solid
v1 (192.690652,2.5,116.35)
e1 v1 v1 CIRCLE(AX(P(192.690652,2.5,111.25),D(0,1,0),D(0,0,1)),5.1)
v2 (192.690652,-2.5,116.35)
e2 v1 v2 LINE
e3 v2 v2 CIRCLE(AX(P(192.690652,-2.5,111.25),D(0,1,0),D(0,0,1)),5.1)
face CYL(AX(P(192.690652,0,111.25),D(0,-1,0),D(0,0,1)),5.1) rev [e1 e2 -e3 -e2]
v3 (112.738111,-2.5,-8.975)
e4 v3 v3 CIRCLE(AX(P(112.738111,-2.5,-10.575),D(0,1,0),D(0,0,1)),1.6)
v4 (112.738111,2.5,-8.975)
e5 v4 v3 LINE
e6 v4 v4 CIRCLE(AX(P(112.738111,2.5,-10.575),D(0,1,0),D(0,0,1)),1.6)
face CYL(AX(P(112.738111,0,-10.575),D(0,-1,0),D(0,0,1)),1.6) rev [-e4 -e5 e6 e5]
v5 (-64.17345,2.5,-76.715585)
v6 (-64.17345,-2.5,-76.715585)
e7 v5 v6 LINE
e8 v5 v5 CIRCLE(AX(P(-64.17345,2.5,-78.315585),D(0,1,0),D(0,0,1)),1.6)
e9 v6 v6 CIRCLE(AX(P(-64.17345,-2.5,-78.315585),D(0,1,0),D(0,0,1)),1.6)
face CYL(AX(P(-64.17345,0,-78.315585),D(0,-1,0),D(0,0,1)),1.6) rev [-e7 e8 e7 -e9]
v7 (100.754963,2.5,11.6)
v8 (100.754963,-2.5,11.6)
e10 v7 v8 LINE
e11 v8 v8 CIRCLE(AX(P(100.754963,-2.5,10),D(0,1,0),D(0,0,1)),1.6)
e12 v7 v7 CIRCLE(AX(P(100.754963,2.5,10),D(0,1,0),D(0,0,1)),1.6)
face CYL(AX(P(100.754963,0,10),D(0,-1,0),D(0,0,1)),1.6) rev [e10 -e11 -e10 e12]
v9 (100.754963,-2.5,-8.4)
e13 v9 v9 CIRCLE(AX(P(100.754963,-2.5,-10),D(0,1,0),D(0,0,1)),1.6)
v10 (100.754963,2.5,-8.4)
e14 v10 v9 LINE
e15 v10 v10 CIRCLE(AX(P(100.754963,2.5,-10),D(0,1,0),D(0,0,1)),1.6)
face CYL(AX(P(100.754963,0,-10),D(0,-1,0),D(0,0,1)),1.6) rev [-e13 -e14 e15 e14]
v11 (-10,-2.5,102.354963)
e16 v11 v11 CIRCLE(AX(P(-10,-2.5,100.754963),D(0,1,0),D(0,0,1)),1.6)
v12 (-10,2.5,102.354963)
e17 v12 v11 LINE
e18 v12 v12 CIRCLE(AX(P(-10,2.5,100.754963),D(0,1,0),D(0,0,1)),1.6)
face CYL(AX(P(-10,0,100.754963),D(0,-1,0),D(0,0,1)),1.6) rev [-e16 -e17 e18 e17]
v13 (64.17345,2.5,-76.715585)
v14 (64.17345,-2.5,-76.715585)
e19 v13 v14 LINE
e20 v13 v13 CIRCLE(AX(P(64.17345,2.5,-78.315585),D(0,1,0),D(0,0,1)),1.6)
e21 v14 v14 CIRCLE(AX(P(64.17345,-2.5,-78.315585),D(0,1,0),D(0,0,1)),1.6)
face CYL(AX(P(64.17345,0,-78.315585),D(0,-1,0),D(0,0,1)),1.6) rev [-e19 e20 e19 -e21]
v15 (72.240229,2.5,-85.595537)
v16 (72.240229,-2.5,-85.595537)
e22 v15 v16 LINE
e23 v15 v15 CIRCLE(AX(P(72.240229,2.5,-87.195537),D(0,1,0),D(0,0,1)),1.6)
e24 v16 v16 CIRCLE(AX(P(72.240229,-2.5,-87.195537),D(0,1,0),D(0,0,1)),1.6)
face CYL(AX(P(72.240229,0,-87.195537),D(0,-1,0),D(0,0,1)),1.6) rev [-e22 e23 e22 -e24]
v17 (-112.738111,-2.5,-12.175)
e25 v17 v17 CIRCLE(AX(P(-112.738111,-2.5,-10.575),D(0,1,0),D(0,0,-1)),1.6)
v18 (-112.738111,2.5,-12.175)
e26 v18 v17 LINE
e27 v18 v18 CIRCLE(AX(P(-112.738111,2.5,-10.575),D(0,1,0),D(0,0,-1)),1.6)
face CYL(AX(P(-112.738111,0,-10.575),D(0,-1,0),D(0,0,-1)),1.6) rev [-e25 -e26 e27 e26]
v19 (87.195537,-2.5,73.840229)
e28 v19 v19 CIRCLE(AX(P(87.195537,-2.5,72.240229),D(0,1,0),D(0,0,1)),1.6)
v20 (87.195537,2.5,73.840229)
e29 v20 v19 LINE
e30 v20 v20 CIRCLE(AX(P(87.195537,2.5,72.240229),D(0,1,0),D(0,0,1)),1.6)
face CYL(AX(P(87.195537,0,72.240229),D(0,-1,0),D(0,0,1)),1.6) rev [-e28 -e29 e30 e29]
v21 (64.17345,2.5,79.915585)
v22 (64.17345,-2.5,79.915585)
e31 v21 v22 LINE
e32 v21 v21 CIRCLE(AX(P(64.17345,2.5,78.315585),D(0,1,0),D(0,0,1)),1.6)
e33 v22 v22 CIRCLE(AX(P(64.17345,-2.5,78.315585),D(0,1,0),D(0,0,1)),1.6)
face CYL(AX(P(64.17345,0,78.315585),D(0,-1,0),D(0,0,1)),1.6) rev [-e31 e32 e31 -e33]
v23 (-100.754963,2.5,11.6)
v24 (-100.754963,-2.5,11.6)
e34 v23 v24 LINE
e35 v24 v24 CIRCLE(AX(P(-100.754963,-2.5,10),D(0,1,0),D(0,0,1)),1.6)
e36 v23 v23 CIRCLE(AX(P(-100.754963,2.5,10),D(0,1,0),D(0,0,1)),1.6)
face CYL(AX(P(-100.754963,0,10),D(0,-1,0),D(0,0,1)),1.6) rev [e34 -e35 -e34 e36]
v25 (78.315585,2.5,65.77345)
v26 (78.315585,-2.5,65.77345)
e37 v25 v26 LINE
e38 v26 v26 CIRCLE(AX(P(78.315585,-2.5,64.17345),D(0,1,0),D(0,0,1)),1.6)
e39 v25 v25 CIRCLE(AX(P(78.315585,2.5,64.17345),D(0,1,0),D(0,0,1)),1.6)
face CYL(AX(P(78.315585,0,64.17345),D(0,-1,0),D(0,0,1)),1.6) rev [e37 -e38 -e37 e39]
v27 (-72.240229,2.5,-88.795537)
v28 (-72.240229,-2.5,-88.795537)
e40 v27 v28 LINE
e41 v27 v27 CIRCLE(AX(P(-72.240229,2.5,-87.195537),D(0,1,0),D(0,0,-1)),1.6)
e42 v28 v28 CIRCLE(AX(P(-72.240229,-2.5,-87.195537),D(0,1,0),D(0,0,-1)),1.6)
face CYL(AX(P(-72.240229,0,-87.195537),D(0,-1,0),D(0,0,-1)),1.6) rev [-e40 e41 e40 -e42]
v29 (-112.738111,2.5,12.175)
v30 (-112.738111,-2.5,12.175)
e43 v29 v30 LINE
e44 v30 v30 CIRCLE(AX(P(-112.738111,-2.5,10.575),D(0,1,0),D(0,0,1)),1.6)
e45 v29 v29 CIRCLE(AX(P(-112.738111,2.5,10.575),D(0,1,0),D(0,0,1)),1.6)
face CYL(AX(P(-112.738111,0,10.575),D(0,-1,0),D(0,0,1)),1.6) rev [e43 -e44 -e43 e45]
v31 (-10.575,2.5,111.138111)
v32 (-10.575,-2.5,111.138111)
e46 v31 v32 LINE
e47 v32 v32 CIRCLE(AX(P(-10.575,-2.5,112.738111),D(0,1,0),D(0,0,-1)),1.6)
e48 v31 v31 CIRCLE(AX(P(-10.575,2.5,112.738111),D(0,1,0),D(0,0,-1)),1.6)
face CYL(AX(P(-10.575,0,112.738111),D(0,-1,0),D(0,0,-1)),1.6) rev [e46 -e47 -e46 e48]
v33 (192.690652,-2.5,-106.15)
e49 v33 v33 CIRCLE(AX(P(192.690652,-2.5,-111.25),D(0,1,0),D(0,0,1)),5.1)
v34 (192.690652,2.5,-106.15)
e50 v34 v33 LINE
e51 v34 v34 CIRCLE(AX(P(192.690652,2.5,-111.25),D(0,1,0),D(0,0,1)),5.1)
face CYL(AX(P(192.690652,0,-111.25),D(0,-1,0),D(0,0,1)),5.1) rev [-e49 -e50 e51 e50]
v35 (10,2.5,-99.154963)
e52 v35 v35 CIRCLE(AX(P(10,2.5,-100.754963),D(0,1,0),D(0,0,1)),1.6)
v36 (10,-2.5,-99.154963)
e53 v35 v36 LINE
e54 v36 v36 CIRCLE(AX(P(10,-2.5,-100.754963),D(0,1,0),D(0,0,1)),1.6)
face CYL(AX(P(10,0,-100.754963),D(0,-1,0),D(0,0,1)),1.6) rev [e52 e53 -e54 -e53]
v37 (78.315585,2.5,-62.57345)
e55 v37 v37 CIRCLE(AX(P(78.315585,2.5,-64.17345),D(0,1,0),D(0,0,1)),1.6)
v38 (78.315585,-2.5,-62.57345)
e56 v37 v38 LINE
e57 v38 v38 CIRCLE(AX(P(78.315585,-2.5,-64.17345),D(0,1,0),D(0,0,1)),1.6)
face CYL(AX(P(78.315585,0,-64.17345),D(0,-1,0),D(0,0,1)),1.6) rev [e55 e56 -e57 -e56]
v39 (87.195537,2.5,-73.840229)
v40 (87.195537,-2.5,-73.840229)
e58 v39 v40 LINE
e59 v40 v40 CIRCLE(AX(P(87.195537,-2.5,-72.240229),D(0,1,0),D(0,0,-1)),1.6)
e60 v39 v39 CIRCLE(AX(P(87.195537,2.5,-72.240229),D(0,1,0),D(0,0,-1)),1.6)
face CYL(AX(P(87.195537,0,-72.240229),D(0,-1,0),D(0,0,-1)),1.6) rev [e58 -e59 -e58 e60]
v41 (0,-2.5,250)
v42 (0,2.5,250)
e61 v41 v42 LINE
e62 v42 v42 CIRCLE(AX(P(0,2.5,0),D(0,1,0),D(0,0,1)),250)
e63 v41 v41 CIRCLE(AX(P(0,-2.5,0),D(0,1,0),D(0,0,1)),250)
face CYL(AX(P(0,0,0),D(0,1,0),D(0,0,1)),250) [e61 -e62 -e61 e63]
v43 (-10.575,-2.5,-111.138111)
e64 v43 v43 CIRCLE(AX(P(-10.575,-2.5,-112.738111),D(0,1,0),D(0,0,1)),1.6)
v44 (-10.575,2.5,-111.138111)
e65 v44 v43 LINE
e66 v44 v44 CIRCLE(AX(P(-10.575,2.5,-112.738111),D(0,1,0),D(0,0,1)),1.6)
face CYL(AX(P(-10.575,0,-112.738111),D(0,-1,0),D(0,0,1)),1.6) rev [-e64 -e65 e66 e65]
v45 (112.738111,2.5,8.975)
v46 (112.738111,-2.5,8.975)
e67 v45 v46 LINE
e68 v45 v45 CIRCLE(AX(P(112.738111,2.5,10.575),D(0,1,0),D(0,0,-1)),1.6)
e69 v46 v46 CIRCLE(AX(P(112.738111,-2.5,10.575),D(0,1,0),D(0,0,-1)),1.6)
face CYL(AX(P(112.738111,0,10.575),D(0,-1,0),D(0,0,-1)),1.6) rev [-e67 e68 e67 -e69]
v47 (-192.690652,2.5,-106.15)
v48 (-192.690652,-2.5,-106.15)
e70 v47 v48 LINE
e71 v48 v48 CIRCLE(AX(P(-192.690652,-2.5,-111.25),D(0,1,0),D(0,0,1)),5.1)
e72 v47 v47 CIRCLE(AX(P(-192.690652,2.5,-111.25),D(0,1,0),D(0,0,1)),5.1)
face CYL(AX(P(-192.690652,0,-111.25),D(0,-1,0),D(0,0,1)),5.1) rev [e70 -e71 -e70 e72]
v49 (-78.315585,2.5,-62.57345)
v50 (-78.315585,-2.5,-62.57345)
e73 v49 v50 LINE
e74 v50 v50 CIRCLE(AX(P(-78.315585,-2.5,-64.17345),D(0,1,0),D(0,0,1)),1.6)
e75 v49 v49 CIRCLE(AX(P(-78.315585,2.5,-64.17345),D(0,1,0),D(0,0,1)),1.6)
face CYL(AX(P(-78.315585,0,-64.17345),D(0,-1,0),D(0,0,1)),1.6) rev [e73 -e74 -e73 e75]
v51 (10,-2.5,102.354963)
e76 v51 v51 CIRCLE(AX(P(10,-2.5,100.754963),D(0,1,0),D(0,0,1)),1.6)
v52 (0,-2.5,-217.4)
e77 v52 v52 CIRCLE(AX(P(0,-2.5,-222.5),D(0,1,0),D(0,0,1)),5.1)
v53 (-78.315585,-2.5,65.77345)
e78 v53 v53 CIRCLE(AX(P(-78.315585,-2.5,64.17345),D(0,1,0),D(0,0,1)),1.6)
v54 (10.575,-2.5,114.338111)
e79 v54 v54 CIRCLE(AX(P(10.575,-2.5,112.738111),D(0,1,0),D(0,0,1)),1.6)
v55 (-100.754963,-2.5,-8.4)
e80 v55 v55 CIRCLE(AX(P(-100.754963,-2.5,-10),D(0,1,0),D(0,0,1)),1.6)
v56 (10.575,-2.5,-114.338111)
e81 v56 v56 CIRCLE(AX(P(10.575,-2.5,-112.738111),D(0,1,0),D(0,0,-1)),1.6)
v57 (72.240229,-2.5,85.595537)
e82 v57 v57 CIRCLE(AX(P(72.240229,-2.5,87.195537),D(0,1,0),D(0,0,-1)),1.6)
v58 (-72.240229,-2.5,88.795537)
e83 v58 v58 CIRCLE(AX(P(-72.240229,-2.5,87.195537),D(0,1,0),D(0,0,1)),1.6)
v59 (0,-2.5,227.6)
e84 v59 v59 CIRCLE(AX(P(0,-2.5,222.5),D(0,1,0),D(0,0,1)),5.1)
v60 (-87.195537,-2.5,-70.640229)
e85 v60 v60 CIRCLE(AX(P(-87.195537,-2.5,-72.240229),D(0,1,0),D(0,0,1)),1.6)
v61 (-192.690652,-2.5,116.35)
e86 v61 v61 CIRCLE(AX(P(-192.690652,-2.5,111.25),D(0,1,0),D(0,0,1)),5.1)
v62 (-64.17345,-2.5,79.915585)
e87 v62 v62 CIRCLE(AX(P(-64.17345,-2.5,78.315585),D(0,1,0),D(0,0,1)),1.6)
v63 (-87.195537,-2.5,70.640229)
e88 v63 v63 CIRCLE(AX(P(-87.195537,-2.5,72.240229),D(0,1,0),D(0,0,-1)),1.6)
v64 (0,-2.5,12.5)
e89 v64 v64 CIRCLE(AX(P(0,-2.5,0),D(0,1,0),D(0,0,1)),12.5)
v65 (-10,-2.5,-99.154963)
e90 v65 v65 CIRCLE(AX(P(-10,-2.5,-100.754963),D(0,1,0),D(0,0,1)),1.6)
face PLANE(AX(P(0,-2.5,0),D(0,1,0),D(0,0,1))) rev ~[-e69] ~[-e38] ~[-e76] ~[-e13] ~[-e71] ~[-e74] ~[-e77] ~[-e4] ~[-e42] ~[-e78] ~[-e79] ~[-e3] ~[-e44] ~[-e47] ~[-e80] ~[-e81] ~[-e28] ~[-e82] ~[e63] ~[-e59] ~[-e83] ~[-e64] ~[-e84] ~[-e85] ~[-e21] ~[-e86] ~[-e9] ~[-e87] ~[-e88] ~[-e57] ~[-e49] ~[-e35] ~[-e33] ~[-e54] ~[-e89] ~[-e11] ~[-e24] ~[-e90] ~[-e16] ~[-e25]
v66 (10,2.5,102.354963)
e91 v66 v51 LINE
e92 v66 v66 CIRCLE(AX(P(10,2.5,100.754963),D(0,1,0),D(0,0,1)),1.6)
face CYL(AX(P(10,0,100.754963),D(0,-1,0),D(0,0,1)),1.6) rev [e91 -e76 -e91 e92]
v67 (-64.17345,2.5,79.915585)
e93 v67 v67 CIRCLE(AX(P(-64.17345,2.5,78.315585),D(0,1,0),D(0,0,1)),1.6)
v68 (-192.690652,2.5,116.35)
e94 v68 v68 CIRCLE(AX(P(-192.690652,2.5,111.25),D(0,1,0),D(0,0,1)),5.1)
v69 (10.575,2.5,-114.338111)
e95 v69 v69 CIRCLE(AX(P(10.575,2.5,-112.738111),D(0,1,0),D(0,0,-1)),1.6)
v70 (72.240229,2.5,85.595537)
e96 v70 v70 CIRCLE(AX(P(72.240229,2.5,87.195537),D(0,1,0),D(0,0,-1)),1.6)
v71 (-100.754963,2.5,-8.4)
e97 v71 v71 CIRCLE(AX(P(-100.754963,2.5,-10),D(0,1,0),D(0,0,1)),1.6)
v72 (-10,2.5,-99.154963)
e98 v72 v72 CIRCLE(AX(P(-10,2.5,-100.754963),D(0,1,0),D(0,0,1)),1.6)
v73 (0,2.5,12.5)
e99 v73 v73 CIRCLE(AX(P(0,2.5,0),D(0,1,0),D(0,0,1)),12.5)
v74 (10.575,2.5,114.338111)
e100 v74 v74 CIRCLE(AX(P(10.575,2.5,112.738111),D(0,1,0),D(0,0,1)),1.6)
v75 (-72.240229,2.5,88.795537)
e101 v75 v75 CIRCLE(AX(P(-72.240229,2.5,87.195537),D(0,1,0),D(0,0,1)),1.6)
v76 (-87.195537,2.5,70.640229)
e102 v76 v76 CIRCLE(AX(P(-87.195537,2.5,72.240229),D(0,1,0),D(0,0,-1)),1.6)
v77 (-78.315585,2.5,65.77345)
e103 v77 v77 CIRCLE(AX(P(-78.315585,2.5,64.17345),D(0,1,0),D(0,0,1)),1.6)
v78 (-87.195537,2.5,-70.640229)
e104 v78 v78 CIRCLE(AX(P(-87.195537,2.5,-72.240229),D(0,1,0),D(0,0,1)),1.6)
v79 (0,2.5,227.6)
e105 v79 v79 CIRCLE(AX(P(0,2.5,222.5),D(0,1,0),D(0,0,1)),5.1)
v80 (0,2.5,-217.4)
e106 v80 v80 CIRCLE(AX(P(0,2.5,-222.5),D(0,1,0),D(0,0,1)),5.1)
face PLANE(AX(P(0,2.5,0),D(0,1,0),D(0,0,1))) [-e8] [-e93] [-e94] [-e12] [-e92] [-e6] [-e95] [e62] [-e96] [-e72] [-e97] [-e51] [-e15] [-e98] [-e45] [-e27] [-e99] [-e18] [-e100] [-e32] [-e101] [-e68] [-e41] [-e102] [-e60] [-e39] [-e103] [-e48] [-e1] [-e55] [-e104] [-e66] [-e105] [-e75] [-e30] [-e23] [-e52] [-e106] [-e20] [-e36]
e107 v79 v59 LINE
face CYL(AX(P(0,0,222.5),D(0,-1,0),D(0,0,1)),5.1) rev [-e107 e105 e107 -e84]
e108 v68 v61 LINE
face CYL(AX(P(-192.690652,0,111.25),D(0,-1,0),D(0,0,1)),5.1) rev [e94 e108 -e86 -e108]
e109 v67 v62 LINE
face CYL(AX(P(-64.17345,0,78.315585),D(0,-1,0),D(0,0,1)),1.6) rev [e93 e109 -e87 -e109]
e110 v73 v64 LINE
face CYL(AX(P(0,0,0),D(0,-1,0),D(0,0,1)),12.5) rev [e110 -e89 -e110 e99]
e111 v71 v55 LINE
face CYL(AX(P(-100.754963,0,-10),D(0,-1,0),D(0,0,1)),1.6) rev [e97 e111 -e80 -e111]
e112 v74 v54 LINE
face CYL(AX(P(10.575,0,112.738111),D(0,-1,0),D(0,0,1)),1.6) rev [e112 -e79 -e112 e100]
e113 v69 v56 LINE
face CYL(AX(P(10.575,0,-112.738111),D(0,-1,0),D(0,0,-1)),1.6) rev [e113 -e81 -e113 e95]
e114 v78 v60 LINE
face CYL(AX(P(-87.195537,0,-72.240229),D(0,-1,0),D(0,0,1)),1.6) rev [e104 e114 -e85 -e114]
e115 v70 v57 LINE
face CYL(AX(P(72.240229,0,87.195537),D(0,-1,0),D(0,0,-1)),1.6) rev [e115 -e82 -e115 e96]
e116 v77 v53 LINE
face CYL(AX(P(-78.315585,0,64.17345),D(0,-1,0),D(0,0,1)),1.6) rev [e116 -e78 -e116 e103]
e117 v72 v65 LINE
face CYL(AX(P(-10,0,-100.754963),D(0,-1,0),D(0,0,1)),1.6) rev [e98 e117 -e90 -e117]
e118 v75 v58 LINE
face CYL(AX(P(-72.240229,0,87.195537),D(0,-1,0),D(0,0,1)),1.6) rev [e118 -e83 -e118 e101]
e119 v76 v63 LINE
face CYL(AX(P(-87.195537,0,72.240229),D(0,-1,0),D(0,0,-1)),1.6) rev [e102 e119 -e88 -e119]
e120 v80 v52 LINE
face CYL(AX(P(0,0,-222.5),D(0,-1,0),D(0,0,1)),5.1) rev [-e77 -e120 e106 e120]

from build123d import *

# Parameters (mm, degrees)
SKETCH1_R           = 250
SKETCH1_R_2         = 5.1
SKETCH1_R_3         = 12.5
SKETCH1_R_4         = 1.6
BOSS_EXTRUDE1_DEPTH = 2.5


with BuildPart() as part:
    # Sketch1 → Boss-Extrude1 (new, symmetric)
    with BuildSketch(Plane(origin=(0, 0, 0), x_dir=(1, 0, 0), z_dir=(0, 1, 0))):
        with Locations(Location((0, 0, 0), (0, 0, 270))):
            Circle(SKETCH1_R)
        with Locations(Location((0, 222.5, 0), (0, 0, 270))):
            Circle(SKETCH1_R_2, mode=Mode.SUBTRACT)
        with Locations(Location((192.690652342, 111.25, 0), (0, 0, 270))):
            Circle(SKETCH1_R_2, mode=Mode.SUBTRACT)
        with Locations(Location((192.690652342, -111.25, 0), (0, 0, 270))):
            Circle(SKETCH1_R_2, mode=Mode.SUBTRACT)
        with Locations(Location((0, -222.5, 0), (0, 0, 270))):
            Circle(SKETCH1_R_2, mode=Mode.SUBTRACT)
        with Locations(Location((-192.690652342, -111.25, 0), (0, 0, 270))):
            Circle(SKETCH1_R_2, mode=Mode.SUBTRACT)
        with Locations(Location((-192.690652342, 111.25, 0), (0, 0, 270))):
            Circle(SKETCH1_R_2, mode=Mode.SUBTRACT)
        with Locations(Location((0, 0, 0), (0, 0, 270))):
            Circle(SKETCH1_R_3, mode=Mode.SUBTRACT)
        with Locations(Location((-10, 100.754962657, 0), (0, 0, 270))):
            Circle(SKETCH1_R_4, mode=Mode.SUBTRACT)
        with Locations(Location((10, 100.754962657, 0), (0, 0, 270))):
            Circle(SKETCH1_R_4, mode=Mode.SUBTRACT)
        with Locations(Location((-10.575, 112.738110965, 0), (0, 0, 270))):
            Circle(SKETCH1_R_4, mode=Mode.SUBTRACT)
        with Locations(Location((10.575, 112.738110965, 0), (0, 0, 90))):
            Circle(SKETCH1_R_4, mode=Mode.SUBTRACT)
        with Locations(Location((72.240228551, 87.195536973, 0), (0, 0, 270))):
            Circle(SKETCH1_R_4, mode=Mode.SUBTRACT)
        with Locations(Location((87.195536973, 72.240228551, 0), (0, 0, 90))):
            Circle(SKETCH1_R_4, mode=Mode.SUBTRACT)
        with Locations(Location((78.315585145, 64.173449521, 0), (0, 0, 270))):
            Circle(SKETCH1_R_4, mode=Mode.SUBTRACT)
        with Locations(Location((64.173449521, 78.315585145, 0), (0, 0, 270))):
            Circle(SKETCH1_R_4, mode=Mode.SUBTRACT)
        with Locations(Location((112.738110965, 10.575, 0), (0, 0, 270))):
            Circle(SKETCH1_R_4, mode=Mode.SUBTRACT)
        with Locations(Location((112.738110965, -10.575, 0), (0, 0, 90))):
            Circle(SKETCH1_R_4, mode=Mode.SUBTRACT)
        with Locations(Location((100.754962657, -10, 0), (0, 0, 270))):
            Circle(SKETCH1_R_4, mode=Mode.SUBTRACT)
        with Locations(Location((100.754962657, 10, 0), (0, 0, 270))):
            Circle(SKETCH1_R_4, mode=Mode.SUBTRACT)
        with Locations(Location((87.195536973, -72.240228551, 0), (0, 0, 270))):
            Circle(SKETCH1_R_4, mode=Mode.SUBTRACT)
        with Locations(Location((72.240228551, -87.195536973, 0), (0, 0, 90))):
            Circle(SKETCH1_R_4, mode=Mode.SUBTRACT)
        with Locations(Location((64.173449521, -78.315585145, 0), (0, 0, 270))):
            Circle(SKETCH1_R_4, mode=Mode.SUBTRACT)
        with Locations(Location((78.315585145, -64.173449521, 0), (0, 0, 270))):
            Circle(SKETCH1_R_4, mode=Mode.SUBTRACT)
        with Locations(Location((10.575, -112.738110965, 0), (0, 0, 270))):
            Circle(SKETCH1_R_4, mode=Mode.SUBTRACT)
        with Locations(Location((-10.575, -112.738110965, 0), (0, 0, 90))):
            Circle(SKETCH1_R_4, mode=Mode.SUBTRACT)
        with Locations(Location((-10, -100.754962657, 0), (0, 0, 270))):
            Circle(SKETCH1_R_4, mode=Mode.SUBTRACT)
        with Locations(Location((10, -100.754962657, 0), (0, 0, 270))):
            Circle(SKETCH1_R_4, mode=Mode.SUBTRACT)
        with Locations(Location((-72.240228551, -87.195536973, 0), (0, 0, 270))):
            Circle(SKETCH1_R_4, mode=Mode.SUBTRACT)
        with Locations(Location((-87.195536973, -72.240228551, 0), (0, 0, 90))):
            Circle(SKETCH1_R_4, mode=Mode.SUBTRACT)
        with Locations(Location((-78.315585145, -64.173449521, 0), (0, 0, 270))):
            Circle(SKETCH1_R_4, mode=Mode.SUBTRACT)
        with Locations(Location((-64.173449521, -78.315585145, 0), (0, 0, 270))):
            Circle(SKETCH1_R_4, mode=Mode.SUBTRACT)
        with Locations(Location((-112.738110965, -10.575, 0), (0, 0, 270))):
            Circle(SKETCH1_R_4, mode=Mode.SUBTRACT)
        with Locations(Location((-112.738110965, 10.575, 0), (0, 0, 90))):
            Circle(SKETCH1_R_4, mode=Mode.SUBTRACT)
        with Locations(Location((-100.754962657, 10, 0), (0, 0, 270))):
            Circle(SKETCH1_R_4, mode=Mode.SUBTRACT)
        with Locations(Location((-100.754962657, -10, 0), (0, 0, 270))):
            Circle(SKETCH1_R_4, mode=Mode.SUBTRACT)
        with Locations(Location((-87.195536973, 72.240228551, 0), (0, 0, 270))):
            Circle(SKETCH1_R_4, mode=Mode.SUBTRACT)
        with Locations(Location((-72.240228551, 87.195536973, 0), (0, 0, 90))):
            Circle(SKETCH1_R_4, mode=Mode.SUBTRACT)
        with Locations(Location((-64.173449521, 78.315585145, 0), (0, 0, 270))):
            Circle(SKETCH1_R_4, mode=Mode.SUBTRACT)
        with Locations(Location((-78.315585145, 64.173449521, 0), (0, 0, 270))):
            Circle(SKETCH1_R_4, mode=Mode.SUBTRACT)
    extrude(amount=BOSS_EXTRUDE1_DEPTH, both=True)


solid = part.part
